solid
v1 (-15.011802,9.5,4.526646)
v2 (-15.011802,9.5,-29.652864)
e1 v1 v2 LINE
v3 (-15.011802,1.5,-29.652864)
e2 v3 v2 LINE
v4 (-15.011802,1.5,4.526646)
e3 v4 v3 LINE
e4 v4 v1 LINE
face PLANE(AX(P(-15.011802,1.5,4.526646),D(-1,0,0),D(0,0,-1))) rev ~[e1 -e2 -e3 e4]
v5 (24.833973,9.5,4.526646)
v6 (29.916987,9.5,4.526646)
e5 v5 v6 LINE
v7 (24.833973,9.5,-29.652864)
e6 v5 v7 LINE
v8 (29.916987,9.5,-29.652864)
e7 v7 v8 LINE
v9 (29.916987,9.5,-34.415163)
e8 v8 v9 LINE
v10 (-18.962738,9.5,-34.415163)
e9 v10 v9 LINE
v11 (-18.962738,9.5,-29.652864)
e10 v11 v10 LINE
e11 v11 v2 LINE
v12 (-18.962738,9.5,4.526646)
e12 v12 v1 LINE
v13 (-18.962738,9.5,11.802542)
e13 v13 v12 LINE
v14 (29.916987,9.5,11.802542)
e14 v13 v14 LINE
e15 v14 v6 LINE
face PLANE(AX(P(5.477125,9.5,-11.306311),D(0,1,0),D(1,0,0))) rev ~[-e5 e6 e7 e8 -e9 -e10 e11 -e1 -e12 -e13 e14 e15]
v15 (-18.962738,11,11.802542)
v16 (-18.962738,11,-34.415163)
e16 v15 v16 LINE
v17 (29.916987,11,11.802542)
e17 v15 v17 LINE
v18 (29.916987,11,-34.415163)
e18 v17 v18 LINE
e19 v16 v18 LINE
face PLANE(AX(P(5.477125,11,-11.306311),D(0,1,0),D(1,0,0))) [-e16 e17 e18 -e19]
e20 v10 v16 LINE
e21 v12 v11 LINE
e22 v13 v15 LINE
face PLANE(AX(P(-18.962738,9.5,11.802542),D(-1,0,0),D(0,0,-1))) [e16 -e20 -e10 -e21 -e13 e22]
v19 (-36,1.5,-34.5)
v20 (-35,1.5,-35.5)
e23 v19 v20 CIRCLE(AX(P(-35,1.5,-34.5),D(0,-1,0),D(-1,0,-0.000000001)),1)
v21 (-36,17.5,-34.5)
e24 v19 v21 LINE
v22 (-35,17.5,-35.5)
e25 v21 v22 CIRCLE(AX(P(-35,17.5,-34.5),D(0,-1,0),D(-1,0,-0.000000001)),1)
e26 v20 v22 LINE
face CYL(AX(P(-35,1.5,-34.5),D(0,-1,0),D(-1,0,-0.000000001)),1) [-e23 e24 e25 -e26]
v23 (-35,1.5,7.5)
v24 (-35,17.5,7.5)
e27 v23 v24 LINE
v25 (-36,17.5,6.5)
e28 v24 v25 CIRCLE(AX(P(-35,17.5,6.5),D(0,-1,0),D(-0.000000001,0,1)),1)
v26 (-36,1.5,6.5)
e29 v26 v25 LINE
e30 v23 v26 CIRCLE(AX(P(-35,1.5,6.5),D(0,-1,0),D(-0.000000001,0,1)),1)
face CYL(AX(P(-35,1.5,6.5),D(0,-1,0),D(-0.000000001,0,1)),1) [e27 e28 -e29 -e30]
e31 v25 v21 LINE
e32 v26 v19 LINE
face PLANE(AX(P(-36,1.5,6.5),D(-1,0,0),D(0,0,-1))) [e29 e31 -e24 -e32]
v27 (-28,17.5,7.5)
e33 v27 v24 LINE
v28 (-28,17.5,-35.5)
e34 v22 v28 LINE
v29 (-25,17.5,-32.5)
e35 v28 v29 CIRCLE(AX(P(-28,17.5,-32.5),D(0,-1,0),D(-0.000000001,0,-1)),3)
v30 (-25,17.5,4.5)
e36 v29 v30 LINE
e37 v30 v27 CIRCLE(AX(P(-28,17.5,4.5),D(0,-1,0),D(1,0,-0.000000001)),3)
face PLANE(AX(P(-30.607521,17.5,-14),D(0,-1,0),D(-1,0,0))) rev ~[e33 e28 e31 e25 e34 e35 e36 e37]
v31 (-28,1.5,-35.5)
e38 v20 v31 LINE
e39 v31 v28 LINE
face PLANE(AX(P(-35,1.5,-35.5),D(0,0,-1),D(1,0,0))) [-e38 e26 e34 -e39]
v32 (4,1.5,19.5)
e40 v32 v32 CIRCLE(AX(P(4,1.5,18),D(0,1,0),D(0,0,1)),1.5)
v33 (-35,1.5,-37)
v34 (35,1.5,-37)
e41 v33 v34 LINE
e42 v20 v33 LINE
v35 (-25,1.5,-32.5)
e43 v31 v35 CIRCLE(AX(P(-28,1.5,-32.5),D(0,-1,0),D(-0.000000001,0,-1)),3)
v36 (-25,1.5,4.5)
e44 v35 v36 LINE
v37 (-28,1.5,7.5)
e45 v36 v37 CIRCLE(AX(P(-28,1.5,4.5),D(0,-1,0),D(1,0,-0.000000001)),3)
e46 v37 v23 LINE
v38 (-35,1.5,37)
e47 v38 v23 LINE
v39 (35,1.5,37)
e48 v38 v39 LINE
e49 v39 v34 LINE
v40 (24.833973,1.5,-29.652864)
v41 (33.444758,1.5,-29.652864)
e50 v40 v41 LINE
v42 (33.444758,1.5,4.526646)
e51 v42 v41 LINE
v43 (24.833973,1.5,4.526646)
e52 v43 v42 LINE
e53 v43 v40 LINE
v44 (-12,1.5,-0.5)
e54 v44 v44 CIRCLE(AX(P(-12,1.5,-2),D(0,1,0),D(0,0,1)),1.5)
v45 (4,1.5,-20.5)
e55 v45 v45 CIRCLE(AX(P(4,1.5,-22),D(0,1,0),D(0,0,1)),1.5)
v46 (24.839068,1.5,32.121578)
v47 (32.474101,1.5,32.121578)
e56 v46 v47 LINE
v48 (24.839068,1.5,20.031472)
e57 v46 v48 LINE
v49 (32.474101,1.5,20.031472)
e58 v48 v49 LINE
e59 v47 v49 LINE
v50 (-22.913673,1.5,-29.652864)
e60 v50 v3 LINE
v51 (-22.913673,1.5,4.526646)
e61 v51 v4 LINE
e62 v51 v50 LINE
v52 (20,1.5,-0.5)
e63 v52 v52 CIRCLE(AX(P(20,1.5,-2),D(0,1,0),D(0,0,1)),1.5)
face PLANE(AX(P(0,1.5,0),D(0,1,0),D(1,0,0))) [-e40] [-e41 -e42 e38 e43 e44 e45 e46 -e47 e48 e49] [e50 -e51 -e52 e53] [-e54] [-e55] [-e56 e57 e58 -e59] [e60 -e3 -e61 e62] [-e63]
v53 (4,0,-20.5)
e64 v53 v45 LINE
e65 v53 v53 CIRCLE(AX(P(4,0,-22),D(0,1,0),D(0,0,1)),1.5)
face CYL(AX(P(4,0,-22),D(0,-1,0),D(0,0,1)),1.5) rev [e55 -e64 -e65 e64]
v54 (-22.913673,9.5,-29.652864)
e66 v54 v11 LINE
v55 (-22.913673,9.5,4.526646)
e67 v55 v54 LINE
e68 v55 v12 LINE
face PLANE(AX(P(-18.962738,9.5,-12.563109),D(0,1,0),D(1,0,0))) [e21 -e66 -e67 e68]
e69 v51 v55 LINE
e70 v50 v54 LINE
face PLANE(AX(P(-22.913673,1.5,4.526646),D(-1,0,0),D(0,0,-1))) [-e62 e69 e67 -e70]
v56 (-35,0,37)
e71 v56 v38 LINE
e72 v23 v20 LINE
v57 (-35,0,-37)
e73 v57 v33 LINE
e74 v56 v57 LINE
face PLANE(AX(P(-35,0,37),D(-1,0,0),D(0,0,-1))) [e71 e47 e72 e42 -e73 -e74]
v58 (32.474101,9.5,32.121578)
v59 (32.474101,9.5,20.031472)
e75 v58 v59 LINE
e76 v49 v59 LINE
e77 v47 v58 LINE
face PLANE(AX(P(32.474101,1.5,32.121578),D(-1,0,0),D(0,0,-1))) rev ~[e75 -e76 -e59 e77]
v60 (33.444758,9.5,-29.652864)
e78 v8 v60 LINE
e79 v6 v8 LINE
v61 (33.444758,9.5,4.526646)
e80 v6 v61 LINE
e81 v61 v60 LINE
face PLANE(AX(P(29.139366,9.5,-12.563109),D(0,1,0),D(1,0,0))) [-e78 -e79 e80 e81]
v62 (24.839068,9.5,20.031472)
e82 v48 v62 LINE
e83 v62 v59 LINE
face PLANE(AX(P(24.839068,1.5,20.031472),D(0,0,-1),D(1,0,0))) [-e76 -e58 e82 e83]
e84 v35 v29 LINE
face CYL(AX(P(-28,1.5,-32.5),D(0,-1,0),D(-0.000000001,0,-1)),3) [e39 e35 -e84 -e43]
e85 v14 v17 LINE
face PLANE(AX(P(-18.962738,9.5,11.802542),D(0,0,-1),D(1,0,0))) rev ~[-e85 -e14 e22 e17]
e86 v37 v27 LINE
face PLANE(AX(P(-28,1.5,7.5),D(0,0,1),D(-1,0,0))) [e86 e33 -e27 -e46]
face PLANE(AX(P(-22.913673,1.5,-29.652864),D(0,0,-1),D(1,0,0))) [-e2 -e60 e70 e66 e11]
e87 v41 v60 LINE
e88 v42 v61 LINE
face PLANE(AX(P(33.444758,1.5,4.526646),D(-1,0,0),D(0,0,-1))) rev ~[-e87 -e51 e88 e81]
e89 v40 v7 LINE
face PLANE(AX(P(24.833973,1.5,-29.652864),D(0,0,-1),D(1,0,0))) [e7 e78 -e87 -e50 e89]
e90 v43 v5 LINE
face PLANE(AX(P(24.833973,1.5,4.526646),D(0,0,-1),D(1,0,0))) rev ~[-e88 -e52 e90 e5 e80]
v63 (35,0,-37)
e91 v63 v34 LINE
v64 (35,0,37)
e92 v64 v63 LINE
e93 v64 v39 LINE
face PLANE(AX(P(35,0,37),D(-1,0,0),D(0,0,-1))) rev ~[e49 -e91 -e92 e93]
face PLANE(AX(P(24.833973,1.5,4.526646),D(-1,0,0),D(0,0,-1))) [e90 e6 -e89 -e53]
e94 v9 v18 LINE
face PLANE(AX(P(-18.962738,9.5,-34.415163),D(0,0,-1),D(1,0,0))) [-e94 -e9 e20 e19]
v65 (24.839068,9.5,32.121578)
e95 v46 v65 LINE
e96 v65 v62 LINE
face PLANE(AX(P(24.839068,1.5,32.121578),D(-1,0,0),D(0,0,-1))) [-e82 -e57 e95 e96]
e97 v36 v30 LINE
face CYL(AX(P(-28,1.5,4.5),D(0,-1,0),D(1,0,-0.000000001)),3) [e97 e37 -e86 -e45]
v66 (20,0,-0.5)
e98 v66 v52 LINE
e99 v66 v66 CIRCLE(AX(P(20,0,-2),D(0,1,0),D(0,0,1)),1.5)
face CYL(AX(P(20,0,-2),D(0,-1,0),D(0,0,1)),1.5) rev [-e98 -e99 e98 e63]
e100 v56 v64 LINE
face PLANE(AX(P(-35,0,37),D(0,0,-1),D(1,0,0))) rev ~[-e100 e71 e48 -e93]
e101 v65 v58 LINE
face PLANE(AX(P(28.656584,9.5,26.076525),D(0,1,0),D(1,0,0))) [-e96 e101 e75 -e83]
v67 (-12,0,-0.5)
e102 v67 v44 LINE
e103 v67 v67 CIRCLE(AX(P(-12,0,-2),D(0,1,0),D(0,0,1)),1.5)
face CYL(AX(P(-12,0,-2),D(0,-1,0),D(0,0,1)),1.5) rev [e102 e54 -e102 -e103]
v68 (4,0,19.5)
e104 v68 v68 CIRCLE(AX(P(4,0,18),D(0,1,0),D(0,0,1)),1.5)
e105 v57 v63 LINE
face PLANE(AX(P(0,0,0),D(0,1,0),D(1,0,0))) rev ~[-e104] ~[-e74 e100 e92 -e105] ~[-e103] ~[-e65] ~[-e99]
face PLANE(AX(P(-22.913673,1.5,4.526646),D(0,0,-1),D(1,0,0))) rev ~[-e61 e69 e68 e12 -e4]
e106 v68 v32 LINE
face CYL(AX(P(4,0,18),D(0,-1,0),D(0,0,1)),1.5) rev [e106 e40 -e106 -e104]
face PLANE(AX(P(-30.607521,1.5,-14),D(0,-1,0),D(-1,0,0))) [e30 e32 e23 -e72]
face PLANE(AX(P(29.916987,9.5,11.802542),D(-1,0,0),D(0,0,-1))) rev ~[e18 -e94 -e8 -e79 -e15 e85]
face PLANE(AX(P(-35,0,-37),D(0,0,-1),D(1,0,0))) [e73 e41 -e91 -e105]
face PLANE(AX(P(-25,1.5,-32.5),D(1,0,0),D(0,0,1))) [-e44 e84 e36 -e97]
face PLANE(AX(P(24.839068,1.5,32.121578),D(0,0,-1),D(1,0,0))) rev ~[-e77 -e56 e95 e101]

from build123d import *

# Parameters (mm, degrees)
SKETCH_1_W      = 70
SKETCH_1_H      = 74
SKETCH_1_R      = 1.5
EXTRUDE_1_DEPTH = 1.5
EXTRUDE_2_DEPTH = 16
SKETCH_3_W      = 7.90187143
SKETCH_3_H      = 34.179510185
SKETCH_3_W_2    = 8.610784302
SKETCH_3_W_3    = 7.635032944
SKETCH_3_H_2    = 12.090105775
EXTRUDE_3_DEPTH = 8
SKETCH_4_W      = 48.879724418
SKETCH_4_H      = 46.217704607
EXTRUDE_4_DEPTH = 1.5


with BuildPart() as part:
    # 草图1 → 凸台-拉伸1 (new body)
    with BuildSketch(Plane(origin=(0, 0, 0), x_dir=(1, 0, 0), z_dir=(0, 1, 0))):
        Rectangle(SKETCH_1_W, SKETCH_1_H)
        with Locations(Location((4, 22, 0), (0, 0, 270))):
            Circle(SKETCH_1_R, mode=Mode.SUBTRACT)
        with Locations(Location((-12, 2, 0), (0, 0, 270))):
            Circle(SKETCH_1_R, mode=Mode.SUBTRACT)
        with Locations(Location((20, 2, 0), (0, 0, 270))):
            Circle(SKETCH_1_R, mode=Mode.SUBTRACT)
        with Locations(Location((4, -18, 0), (0, 0, 270))):
            Circle(SKETCH_1_R, mode=Mode.SUBTRACT)
    extrude(amount=EXTRUDE_1_DEPTH)

    # 草图2 → 凸台-拉伸2 (add)
    with BuildSketch(Plane(origin=(0, 1.5, 0), x_dir=(1, 0, 0), z_dir=(0, 1, 0))):
        with BuildLine():
            Line((-35, 35.5), (-28, 35.5))
            ThreePointArc((-28, 35.5), (-25.878679656, 34.621320344), (-25, 32.5))
            Line((-25, 32.5), (-25, -4.5))
            ThreePointArc((-25, -4.5), (-25.878679656, -6.621320344), (-28, -7.5))
            Line((-28, -7.5), (-35, -7.5))
            ThreePointArc((-35, -7.5), (-35.707106781, -7.207106781), (-36, -6.5))
            Line((-36, -6.5), (-36, 34.5))
            ThreePointArc((-36, 34.5), (-35.707106781, 35.207106781), (-35, 35.5))
        make_face()
    extrude(amount=EXTRUDE_2_DEPTH)

    # 草图3 → 凸台-拉伸3 (add)
    with BuildSketch(Plane(origin=(0, 1.5, 0), x_dir=(1, 0, 0), z_dir=(0, 1, 0))):
        with Locations((-18.962737702, 12.563109243)):
            Rectangle(SKETCH_3_W, SKETCH_3_H)
        with Locations((29.139365584, 12.563109243)):
            Rectangle(SKETCH_3_W_2, SKETCH_3_H)
        with Locations((28.656584238, -26.076525333)):
            Rectangle(SKETCH_3_W_3, SKETCH_3_H_2)
    extrude(amount=EXTRUDE_3_DEPTH)

    # 草图4 → 凸台-拉伸4 (add)
    with BuildSketch(Plane(origin=(0, 9.5, 0), x_dir=(1, 0, 0), z_dir=(0, 1, 0))):
        with Locations((5.477124507, 11.306310679)):
            Rectangle(SKETCH_4_W, SKETCH_4_H)
    extrude(amount=EXTRUDE_4_DEPTH)


solid = part.part
